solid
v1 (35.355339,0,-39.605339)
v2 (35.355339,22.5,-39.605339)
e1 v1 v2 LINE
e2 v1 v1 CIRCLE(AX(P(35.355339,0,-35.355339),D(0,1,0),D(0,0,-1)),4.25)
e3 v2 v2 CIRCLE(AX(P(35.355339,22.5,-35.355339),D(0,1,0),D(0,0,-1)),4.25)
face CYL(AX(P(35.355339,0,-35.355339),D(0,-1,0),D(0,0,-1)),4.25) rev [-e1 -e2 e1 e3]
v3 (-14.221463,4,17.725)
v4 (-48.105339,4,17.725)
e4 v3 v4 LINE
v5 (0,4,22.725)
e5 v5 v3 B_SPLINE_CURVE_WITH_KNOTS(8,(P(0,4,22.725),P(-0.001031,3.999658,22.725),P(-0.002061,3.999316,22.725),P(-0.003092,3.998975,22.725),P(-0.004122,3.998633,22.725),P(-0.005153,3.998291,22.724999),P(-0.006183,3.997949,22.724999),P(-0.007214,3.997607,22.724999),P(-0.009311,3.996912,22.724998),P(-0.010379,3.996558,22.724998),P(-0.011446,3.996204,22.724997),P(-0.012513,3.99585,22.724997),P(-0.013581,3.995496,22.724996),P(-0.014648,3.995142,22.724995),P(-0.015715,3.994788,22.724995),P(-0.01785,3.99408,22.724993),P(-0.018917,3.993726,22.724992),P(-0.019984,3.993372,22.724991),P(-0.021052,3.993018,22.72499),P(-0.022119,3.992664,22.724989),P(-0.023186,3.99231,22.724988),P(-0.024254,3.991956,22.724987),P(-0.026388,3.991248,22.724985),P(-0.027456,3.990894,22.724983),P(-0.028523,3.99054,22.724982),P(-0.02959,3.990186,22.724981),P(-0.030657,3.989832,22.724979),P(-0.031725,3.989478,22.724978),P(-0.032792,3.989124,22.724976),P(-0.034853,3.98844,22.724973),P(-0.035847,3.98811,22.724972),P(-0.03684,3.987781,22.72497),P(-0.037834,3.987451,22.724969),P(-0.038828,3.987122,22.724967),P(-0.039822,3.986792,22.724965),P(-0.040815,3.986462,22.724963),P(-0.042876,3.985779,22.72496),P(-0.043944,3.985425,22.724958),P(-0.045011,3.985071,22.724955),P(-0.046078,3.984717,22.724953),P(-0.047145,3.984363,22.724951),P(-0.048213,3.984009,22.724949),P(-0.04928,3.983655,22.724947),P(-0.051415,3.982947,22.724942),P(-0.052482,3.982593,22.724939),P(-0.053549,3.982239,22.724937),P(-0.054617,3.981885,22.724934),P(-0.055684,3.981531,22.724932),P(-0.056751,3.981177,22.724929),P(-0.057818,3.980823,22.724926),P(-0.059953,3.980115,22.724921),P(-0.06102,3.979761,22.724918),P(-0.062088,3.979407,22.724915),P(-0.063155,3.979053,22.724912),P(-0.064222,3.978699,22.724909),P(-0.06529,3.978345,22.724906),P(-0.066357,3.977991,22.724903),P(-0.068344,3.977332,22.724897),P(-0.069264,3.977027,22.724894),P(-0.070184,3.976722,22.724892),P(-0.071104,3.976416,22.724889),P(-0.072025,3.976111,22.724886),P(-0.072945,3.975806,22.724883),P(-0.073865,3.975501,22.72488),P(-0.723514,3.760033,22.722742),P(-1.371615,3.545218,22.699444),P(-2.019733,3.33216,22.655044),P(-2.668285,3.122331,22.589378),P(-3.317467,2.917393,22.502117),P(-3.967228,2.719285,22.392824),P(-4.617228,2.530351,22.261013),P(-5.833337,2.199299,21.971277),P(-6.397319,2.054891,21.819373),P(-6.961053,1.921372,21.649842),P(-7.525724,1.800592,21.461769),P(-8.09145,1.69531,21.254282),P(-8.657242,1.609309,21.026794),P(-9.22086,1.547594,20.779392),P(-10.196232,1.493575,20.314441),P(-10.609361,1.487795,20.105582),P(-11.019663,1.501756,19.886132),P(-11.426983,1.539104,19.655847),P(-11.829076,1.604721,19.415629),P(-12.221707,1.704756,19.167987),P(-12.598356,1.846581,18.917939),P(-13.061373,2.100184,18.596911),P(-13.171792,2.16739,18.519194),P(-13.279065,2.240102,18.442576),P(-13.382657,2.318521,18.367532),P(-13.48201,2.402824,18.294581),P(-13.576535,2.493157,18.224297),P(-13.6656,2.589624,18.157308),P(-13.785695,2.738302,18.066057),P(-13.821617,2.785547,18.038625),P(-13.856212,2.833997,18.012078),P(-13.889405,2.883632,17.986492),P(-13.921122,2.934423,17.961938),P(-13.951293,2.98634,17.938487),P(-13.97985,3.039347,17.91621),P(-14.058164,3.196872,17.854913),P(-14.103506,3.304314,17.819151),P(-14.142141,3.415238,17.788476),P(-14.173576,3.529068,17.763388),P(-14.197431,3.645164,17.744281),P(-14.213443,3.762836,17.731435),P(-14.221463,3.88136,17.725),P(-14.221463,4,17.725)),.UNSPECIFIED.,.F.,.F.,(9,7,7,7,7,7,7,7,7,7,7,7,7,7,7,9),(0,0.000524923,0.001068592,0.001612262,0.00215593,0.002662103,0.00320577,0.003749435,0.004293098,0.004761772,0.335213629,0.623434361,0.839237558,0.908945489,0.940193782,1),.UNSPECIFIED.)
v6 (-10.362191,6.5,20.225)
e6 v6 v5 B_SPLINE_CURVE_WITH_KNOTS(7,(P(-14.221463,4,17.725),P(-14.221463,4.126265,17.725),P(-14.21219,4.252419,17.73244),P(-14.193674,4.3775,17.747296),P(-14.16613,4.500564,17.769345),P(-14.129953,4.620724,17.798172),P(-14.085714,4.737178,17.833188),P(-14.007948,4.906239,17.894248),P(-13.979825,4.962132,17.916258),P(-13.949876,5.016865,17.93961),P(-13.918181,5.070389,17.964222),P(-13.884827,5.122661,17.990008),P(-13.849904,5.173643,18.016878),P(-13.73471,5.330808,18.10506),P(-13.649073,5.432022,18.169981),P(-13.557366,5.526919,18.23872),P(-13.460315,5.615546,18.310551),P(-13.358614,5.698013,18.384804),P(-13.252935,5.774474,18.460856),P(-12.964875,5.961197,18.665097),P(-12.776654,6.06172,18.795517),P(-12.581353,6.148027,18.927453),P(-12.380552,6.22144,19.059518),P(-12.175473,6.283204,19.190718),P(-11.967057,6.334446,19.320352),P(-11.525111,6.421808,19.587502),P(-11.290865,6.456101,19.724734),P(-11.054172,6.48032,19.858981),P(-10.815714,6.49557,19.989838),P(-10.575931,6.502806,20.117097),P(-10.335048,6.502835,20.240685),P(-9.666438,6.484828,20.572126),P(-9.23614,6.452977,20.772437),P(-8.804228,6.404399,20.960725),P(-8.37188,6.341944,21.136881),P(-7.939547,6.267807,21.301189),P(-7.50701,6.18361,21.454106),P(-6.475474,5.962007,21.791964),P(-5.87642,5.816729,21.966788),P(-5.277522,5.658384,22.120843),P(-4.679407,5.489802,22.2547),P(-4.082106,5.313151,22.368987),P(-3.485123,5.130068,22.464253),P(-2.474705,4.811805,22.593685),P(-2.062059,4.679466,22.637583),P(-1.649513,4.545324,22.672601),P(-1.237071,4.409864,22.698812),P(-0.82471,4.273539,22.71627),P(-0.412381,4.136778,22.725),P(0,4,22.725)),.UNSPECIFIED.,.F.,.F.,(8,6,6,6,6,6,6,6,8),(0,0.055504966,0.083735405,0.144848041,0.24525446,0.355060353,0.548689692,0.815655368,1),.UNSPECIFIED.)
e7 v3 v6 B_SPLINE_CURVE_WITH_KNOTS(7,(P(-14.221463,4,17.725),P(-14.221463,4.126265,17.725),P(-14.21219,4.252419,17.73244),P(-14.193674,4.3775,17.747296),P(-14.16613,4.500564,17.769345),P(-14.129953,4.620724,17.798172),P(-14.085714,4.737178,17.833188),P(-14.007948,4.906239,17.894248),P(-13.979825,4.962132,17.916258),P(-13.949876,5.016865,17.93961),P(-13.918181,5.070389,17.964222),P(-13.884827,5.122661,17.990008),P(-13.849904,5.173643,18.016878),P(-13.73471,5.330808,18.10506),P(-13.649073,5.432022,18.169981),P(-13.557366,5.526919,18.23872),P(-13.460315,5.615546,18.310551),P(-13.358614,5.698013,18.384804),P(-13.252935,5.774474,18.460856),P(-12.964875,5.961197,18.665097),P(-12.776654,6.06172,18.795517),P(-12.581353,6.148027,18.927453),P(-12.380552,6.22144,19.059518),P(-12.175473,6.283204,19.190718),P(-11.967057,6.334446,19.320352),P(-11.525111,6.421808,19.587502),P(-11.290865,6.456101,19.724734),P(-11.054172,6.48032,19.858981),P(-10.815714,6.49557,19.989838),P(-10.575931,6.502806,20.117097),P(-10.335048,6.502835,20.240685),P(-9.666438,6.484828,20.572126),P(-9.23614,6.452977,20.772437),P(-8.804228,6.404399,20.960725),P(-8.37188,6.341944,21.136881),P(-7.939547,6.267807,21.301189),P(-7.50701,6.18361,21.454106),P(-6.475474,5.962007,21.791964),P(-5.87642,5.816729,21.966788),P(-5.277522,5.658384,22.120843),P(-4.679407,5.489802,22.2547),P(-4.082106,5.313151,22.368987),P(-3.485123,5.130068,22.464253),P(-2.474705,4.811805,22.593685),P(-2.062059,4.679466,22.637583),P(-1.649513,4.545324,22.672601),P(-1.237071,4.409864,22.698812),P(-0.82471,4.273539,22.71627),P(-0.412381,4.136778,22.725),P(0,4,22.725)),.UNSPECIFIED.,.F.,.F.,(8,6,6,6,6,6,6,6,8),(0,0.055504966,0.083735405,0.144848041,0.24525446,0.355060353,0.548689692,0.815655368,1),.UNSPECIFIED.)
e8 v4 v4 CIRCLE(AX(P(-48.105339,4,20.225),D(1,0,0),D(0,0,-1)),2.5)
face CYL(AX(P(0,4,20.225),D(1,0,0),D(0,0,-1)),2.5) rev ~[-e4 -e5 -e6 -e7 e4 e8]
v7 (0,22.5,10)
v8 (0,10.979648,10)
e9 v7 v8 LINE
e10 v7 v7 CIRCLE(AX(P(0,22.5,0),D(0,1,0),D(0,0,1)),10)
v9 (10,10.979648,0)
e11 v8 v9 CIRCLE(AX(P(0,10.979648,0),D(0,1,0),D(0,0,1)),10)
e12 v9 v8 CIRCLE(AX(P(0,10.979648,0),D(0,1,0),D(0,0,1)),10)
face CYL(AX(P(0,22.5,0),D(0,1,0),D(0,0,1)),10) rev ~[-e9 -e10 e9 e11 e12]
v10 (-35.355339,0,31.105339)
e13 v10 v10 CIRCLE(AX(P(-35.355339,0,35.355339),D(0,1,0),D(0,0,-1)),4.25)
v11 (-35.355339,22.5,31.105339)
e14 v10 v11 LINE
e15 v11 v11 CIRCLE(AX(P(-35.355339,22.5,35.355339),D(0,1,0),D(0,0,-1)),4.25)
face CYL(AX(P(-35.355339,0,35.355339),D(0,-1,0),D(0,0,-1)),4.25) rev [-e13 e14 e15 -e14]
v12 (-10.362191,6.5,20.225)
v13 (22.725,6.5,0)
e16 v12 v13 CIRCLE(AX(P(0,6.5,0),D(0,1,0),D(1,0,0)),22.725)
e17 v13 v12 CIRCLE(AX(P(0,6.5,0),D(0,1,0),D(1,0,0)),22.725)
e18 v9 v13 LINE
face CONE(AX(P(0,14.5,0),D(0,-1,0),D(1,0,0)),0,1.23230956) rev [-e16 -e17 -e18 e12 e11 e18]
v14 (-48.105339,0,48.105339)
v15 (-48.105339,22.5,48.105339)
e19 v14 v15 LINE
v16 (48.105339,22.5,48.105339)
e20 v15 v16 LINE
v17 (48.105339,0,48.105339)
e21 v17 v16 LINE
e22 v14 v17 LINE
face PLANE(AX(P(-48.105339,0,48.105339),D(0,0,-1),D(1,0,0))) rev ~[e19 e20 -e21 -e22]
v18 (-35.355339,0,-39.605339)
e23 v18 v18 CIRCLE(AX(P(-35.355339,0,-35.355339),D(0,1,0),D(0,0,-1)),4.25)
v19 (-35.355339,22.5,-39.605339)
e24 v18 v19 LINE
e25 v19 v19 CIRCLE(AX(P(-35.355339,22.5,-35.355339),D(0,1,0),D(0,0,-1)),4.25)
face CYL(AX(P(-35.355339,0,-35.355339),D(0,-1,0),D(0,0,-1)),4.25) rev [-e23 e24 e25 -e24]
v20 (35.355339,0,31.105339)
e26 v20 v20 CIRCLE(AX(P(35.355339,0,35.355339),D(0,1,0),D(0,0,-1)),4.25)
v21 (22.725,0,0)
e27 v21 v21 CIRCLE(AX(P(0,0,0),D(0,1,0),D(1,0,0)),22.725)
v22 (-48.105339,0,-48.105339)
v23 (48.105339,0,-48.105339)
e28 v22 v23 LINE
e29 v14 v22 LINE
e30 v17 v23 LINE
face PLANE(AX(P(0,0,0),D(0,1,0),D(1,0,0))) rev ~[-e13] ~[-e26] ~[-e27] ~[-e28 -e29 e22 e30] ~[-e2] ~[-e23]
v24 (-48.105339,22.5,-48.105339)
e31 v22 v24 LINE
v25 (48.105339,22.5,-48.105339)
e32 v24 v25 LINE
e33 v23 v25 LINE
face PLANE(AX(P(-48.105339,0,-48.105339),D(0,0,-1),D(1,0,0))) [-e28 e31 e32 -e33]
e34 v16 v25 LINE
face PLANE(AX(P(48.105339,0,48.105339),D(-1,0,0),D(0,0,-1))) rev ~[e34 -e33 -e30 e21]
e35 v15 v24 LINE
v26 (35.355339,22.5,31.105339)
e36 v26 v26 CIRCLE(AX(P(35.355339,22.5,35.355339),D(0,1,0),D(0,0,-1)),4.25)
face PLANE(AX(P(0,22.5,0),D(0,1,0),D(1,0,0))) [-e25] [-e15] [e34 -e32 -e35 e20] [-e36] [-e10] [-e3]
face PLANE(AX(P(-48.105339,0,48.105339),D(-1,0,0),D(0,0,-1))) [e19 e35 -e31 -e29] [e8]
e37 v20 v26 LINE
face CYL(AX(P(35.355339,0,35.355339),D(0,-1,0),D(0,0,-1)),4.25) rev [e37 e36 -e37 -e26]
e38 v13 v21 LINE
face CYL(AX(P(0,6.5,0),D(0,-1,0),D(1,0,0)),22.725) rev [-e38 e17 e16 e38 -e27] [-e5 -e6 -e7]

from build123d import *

# Parameters (mm, degrees)
SKETCH1_W                           = 96.210678118
SKETCH1_H                           = 96.210678118
SKETCH1_R                           = 4.25
BODY_EXTRUSION_AND_BOLT_HOLES_DEPTH = 22.5
SKETCH3_R                           = 10
ENTRANCE_DEPTH                      = 22.5
SKETCH5_R                           = 2.5
CUT_EXTRUDE1_DEPTH                  = 100


with BuildPart() as part:
    # Sketch1 → body extrusion and bolt holes (new body)
    with BuildSketch(Plane(origin=(0, 0, 0), x_dir=(1, 0, 0), z_dir=(0, 1, 0))):
        Rectangle(SKETCH1_W, SKETCH1_H)
        with Locations(Location((-35.355339059, 35.355339059, 0), (0, 0, 90))):
            Circle(SKETCH1_R, mode=Mode.SUBTRACT)
        with Locations(Location((35.355339059, 35.355339059, 0), (0, 0, 90))):
            Circle(SKETCH1_R, mode=Mode.SUBTRACT)
        with Locations(Location((35.355339059, -35.355339059, 0), (0, 0, 90))):
            Circle(SKETCH1_R, mode=Mode.SUBTRACT)
        with Locations(Location((-35.355339059, -35.355339059, 0), (0, 0, 90))):
            Circle(SKETCH1_R, mode=Mode.SUBTRACT)
    extrude(amount=BODY_EXTRUSION_AND_BOLT_HOLES_DEPTH)

    # Sketch2 → main chamber (revolve, cut)
    with BuildSketch(Plane.XY):
        Polygon((0, 0), (0, 14.5), (22.725, 6.5), (22.725, 0), align=None)
    revolve(axis=Axis((0, 0, 0), (0, 1, 0)), mode=Mode.SUBTRACT)

    # Sketch3 → entrance (cut)
    with BuildSketch(Plane(origin=(0, 22.5, 0), x_dir=(1, 0, 0), z_dir=(0, 1, 0))):
        with Locations(Location((0, 0, 0), (0, 0, 270))):
            Circle(SKETCH3_R)
    extrude(amount=-ENTRANCE_DEPTH, mode=Mode.SUBTRACT)

    # Sketch5 → Cut-Extrude1 (cut)
    with BuildSketch(Plane(origin=(0, 0, 0), x_dir=(0, 0, -1), z_dir=(1, 0, 0))):
        with Locations((-20.225, 4)):
            Circle(SKETCH5_R)
    extrude(amount=-CUT_EXTRUDE1_DEPTH, mode=Mode.SUBTRACT)


solid = part.part
